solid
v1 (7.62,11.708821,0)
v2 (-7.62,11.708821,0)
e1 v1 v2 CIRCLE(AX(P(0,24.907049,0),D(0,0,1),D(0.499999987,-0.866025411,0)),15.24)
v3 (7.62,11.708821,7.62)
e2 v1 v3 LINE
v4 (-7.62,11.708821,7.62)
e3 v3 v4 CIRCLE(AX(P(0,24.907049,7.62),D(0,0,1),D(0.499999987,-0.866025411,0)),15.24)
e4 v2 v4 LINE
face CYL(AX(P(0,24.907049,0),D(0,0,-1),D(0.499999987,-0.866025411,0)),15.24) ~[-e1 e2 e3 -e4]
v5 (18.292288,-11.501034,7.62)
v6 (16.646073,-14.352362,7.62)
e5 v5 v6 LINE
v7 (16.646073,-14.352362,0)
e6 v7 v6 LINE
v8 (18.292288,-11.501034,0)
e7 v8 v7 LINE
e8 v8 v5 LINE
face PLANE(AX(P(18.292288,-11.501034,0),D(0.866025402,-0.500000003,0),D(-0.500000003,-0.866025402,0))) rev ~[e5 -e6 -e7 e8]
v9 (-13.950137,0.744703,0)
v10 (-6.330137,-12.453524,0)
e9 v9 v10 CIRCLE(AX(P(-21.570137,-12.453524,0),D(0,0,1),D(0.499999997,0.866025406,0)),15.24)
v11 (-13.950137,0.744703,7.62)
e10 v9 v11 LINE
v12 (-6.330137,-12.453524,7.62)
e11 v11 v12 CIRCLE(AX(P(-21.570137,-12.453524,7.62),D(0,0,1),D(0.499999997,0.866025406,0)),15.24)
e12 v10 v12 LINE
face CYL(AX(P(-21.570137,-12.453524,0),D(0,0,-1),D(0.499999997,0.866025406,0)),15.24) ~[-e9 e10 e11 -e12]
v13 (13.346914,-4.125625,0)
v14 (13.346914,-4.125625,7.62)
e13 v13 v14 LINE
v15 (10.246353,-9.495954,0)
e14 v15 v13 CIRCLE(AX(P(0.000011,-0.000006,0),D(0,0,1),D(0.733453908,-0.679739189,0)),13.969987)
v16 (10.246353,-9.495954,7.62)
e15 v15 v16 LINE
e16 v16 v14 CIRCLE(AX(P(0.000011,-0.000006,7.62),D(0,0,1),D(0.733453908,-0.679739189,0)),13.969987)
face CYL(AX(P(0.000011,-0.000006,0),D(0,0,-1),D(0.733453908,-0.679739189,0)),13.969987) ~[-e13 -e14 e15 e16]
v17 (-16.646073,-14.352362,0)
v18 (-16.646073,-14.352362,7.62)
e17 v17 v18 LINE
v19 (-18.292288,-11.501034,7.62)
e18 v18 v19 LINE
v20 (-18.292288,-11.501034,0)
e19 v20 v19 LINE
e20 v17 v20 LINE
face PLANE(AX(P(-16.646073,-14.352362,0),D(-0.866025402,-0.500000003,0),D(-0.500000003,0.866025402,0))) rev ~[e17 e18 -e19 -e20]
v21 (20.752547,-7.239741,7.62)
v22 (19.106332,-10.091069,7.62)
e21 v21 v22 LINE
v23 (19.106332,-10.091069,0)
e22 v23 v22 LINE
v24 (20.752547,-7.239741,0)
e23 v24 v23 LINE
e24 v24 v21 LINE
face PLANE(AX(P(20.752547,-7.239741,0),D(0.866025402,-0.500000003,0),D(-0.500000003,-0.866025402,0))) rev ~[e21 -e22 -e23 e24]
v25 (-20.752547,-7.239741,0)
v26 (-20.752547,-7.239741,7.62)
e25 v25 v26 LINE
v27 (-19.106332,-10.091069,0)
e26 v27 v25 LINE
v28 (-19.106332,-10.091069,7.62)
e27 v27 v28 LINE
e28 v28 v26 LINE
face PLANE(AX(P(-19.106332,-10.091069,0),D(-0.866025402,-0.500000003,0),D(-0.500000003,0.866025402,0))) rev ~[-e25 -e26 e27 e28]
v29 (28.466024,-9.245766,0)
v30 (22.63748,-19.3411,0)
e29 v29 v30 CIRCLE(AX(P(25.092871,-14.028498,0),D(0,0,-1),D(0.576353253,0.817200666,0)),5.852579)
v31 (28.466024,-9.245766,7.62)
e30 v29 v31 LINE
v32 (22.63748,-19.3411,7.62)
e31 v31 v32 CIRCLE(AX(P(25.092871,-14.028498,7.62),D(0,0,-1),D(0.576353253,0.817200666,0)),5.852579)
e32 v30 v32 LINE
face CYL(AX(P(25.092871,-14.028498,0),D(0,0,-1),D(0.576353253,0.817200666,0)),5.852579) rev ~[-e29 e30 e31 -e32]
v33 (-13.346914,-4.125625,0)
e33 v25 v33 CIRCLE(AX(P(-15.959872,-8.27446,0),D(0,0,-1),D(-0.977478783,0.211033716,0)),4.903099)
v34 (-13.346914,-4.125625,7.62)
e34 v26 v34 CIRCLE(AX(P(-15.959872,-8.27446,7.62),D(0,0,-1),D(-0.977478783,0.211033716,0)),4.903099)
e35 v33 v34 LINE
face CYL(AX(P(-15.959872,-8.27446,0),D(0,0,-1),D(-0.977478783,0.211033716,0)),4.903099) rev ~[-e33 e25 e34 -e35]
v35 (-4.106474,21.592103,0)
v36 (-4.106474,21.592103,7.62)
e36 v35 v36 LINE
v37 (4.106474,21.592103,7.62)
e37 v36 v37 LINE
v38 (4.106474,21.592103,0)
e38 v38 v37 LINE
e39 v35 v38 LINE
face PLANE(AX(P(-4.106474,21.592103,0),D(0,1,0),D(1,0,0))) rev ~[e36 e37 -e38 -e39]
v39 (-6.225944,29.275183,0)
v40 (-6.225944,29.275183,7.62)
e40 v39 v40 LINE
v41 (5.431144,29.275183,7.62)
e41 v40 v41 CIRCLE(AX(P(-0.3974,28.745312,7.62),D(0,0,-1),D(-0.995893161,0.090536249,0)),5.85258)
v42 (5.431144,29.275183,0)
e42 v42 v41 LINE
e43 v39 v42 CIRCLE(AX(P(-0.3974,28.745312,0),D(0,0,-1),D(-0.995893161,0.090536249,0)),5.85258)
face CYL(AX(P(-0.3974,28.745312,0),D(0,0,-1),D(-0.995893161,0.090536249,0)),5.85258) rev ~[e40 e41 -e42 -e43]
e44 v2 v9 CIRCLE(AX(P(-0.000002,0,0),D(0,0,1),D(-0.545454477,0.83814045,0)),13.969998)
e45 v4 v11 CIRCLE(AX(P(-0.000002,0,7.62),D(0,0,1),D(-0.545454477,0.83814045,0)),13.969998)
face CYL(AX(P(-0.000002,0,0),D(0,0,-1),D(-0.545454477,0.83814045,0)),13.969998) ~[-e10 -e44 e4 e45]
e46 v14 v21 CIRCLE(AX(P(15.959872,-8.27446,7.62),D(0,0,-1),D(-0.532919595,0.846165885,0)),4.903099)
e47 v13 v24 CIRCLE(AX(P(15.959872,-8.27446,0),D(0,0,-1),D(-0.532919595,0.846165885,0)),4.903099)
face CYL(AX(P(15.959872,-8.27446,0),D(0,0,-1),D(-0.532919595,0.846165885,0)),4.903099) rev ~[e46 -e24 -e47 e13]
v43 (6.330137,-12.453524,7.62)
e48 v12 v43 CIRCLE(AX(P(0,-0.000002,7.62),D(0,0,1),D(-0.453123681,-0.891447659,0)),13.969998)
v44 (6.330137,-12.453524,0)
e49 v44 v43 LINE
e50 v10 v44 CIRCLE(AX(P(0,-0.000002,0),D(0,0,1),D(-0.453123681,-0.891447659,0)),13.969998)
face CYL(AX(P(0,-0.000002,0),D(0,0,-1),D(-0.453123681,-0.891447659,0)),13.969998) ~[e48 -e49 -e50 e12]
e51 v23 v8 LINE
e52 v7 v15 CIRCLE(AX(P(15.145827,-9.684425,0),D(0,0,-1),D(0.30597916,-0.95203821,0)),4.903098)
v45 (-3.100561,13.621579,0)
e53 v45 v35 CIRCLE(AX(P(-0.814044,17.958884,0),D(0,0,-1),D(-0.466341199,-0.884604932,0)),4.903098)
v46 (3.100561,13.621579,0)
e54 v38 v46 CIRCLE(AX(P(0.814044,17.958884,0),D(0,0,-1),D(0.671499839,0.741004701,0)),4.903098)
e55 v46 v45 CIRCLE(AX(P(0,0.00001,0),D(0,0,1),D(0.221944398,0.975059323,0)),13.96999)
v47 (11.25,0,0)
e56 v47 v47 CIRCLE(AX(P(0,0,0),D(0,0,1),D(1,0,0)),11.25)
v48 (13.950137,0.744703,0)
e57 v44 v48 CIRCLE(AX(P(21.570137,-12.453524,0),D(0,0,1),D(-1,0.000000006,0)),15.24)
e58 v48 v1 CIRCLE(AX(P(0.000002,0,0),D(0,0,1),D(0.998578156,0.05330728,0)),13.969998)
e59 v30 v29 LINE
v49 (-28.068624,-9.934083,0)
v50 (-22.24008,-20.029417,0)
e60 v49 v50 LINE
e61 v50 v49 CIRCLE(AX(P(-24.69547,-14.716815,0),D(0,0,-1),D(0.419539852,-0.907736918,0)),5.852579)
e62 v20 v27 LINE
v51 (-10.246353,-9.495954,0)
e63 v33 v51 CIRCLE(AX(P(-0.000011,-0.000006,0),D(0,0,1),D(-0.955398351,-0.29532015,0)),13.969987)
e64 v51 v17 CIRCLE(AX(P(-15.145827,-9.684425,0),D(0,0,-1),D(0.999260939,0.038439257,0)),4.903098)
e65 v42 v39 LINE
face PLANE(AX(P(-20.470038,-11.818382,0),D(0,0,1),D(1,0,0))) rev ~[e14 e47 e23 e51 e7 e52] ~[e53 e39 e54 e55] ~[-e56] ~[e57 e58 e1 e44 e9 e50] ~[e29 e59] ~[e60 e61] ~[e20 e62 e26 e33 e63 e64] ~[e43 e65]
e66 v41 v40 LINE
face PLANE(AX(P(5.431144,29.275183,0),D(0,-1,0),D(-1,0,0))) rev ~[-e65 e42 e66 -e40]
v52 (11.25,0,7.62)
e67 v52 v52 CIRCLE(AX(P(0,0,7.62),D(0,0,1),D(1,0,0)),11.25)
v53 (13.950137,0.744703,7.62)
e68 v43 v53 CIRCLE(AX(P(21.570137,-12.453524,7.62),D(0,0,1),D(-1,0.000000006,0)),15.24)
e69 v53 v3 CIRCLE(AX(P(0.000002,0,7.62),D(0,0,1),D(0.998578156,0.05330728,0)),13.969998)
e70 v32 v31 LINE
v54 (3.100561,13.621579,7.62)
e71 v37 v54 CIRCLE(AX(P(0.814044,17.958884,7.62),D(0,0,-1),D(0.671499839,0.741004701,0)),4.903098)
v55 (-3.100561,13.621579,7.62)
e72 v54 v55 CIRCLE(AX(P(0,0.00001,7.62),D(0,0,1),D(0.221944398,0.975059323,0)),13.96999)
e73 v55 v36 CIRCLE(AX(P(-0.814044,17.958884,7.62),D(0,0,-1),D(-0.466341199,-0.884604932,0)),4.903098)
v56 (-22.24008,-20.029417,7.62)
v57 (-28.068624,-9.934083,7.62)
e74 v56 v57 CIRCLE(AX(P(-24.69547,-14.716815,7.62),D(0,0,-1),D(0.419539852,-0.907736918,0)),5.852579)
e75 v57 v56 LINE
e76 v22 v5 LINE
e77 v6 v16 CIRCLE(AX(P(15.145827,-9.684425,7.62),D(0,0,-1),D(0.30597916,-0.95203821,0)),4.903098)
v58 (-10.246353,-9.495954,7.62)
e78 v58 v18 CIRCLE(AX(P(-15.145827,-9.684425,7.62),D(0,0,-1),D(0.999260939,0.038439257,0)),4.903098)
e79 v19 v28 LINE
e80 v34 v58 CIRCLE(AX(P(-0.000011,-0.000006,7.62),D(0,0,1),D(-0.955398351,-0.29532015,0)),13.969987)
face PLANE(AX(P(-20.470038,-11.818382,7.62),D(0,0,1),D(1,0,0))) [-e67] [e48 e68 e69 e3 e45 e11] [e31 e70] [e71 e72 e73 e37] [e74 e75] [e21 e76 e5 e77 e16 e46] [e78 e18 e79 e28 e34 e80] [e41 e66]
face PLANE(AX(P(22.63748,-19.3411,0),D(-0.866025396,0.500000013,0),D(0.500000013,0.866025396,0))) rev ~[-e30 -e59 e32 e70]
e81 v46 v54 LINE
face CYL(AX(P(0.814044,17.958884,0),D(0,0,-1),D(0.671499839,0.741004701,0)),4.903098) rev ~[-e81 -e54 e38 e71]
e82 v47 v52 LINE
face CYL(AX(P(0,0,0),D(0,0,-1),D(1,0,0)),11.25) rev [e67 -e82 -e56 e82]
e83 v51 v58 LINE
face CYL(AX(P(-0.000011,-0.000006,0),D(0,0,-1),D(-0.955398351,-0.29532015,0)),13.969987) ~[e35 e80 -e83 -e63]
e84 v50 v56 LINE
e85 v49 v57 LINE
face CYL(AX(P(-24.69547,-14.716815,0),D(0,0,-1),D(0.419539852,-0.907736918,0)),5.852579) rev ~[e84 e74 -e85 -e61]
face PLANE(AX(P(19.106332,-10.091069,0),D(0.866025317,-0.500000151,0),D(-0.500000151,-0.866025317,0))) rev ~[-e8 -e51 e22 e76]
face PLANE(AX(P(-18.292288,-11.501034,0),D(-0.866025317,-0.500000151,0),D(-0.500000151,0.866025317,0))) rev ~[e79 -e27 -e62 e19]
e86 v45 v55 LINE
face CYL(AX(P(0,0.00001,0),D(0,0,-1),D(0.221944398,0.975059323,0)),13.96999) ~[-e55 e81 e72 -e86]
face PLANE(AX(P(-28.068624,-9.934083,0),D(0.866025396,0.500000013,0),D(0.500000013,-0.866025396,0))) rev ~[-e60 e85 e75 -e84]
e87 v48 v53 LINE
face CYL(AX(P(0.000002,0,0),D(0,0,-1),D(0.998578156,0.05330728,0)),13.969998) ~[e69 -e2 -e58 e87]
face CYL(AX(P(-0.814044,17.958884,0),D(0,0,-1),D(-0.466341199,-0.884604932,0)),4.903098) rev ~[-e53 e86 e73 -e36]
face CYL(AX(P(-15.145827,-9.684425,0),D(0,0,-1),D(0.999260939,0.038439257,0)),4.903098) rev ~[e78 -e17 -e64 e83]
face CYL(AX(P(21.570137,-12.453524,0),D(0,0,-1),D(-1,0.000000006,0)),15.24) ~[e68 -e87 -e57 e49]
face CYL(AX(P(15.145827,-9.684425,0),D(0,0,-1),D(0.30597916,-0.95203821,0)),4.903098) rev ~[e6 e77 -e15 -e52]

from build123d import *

# Parameters (mm, degrees)
F0_R     = 11.25
F1_DEPTH = 7.62


with BuildPart() as f1:
    # F0 (on Top) → F1 (new body)
    with BuildSketch(Plane.XY):
        with BuildLine():
            ThreePointArc((-13.950137, 0.744703), (-34.768364, -20.073524), (-6.330137, -12.453524))
            ThreePointArc((-6.330137, -12.453524), (-8.419134, -11.148053), (-10.246353, -9.495954))
            ThreePointArc((-10.246353, -9.495954), (-12.1819, -13.590255), (-16.646073, -14.352362))
            Line((-16.646073, -14.352362), (-18.292288, -11.501034))
            Line((-18.292288, -11.501034), (-19.106332, -10.091069))
            Line((-19.106332, -10.091069), (-20.752547, -7.239741))
            ThreePointArc((-20.752547, -7.239741), (-17.860456, -3.754708), (-13.346914, -4.125625))
            ThreePointArc((-13.346914, -4.125625), (-13.864064, -1.717157), (-13.950137, 0.744703))
        make_face()
        with BuildLine():
            ThreePointArc((-22.24008, -20.029417), (-29.763953, -17.643104), (-28.068624, -9.934083))
            Line((-28.068624, -9.934083), (-22.24008, -20.029417))
        make_face(mode=Mode.SUBTRACT)
        with BuildLine():
            ThreePointArc((13.950137, 0.744703), (13.965033, 0.372484), (13.97, 0))
            ThreePointArc((13.97, 0), (13.81335, -2.086206), (13.346914, -4.125625))
            ThreePointArc((13.346914, -4.125625), (17.860456, -3.754708), (20.752547, -7.239741))
            Line((20.752547, -7.239741), (19.106332, -10.091069))
            Line((19.106332, -10.091069), (18.292288, -11.501034))
            Line((18.292288, -11.501034), (16.646073, -14.352362))
            ThreePointArc((16.646073, -14.352362), (12.1819, -13.590255), (10.246353, -9.495954))
            ThreePointArc((10.246353, -9.495954), (8.419134, -11.148053), (6.330137, -12.453524))
            ThreePointArc((6.330137, -12.453524), (34.768364, -20.073524), (13.950137, 0.744703))
        make_face()
        with BuildLine():
            ThreePointArc((28.466024, -9.245766), (30.161353, -16.954788), (22.63748, -19.3411))
            Line((22.63748, -19.3411), (28.466024, -9.245766))
        make_face(mode=Mode.SUBTRACT)
        with BuildLine():
            ThreePointArc((3.100561, 13.621579), (5.44493, 12.86521), (7.62, 11.708821))
            ThreePointArc((7.62, 11.708821), (0, 40.147049), (-7.62, 11.708821))
            ThreePointArc((-7.62, 11.708821), (-5.44493, 12.86521), (-3.100561, 13.621579))
            ThreePointArc((-3.100561, 13.621579), (-5.678556, 17.344963), (-4.106474, 21.592103))
            Line((-4.106474, 21.592103), (-0.814044, 21.592103))
            Line((-0.814044, 21.592103), (0.814044, 21.592103))
            Line((0.814044, 21.592103), (4.106474, 21.592103))
            ThreePointArc((4.106474, 21.592103), (5.678556, 17.344963), (3.100561, 13.621579))
        make_face()
        with BuildLine():
            Line((5.431144, 29.275183), (-6.225944, 29.275183))
            ThreePointArc((-6.225944, 29.275183), (-0.3974, 34.597892), (5.431144, 29.275183))
        make_face(mode=Mode.SUBTRACT)
        with BuildLine():
            ThreePointArc((13.346914, -4.125625), (13.81335, -2.086206), (13.97, 0))
            ThreePointArc((13.97, 0), (13.965033, 0.372484), (13.950137, 0.744703))
            ThreePointArc((13.950137, 0.744703), (12.098375, 6.985), (7.62, 11.708821))
            ThreePointArc((7.62, 11.708821), (5.44493, 12.86521), (3.100561, 13.621579))
            ThreePointArc((3.100561, 13.621579), (0, 13.97), (-3.100561, 13.621579))
            ThreePointArc((-3.100561, 13.621579), (-5.44493, 12.86521), (-7.62, 11.708821))
            ThreePointArc((-7.62, 11.708821), (-12.098375, 6.985), (-13.950137, 0.744703))
            ThreePointArc((-13.950137, 0.744703), (-13.864064, -1.717157), (-13.346914, -4.125625))
            ThreePointArc((-13.346914, -4.125625), (-12.098375, -6.985), (-10.246353, -9.495954))
            ThreePointArc((-10.246353, -9.495954), (-8.419134, -11.148053), (-6.330137, -12.453524))
            ThreePointArc((-6.330137, -12.453524), (0, -13.97), (6.330137, -12.453524))
            ThreePointArc((6.330137, -12.453524), (8.419134, -11.148053), (10.246353, -9.495954))
            ThreePointArc((10.246353, -9.495954), (12.098375, -6.985), (13.346914, -4.125625))
        make_face()
        Circle(F0_R, mode=Mode.SUBTRACT)
    extrude(amount=F1_DEPTH)


solid = f1.part
